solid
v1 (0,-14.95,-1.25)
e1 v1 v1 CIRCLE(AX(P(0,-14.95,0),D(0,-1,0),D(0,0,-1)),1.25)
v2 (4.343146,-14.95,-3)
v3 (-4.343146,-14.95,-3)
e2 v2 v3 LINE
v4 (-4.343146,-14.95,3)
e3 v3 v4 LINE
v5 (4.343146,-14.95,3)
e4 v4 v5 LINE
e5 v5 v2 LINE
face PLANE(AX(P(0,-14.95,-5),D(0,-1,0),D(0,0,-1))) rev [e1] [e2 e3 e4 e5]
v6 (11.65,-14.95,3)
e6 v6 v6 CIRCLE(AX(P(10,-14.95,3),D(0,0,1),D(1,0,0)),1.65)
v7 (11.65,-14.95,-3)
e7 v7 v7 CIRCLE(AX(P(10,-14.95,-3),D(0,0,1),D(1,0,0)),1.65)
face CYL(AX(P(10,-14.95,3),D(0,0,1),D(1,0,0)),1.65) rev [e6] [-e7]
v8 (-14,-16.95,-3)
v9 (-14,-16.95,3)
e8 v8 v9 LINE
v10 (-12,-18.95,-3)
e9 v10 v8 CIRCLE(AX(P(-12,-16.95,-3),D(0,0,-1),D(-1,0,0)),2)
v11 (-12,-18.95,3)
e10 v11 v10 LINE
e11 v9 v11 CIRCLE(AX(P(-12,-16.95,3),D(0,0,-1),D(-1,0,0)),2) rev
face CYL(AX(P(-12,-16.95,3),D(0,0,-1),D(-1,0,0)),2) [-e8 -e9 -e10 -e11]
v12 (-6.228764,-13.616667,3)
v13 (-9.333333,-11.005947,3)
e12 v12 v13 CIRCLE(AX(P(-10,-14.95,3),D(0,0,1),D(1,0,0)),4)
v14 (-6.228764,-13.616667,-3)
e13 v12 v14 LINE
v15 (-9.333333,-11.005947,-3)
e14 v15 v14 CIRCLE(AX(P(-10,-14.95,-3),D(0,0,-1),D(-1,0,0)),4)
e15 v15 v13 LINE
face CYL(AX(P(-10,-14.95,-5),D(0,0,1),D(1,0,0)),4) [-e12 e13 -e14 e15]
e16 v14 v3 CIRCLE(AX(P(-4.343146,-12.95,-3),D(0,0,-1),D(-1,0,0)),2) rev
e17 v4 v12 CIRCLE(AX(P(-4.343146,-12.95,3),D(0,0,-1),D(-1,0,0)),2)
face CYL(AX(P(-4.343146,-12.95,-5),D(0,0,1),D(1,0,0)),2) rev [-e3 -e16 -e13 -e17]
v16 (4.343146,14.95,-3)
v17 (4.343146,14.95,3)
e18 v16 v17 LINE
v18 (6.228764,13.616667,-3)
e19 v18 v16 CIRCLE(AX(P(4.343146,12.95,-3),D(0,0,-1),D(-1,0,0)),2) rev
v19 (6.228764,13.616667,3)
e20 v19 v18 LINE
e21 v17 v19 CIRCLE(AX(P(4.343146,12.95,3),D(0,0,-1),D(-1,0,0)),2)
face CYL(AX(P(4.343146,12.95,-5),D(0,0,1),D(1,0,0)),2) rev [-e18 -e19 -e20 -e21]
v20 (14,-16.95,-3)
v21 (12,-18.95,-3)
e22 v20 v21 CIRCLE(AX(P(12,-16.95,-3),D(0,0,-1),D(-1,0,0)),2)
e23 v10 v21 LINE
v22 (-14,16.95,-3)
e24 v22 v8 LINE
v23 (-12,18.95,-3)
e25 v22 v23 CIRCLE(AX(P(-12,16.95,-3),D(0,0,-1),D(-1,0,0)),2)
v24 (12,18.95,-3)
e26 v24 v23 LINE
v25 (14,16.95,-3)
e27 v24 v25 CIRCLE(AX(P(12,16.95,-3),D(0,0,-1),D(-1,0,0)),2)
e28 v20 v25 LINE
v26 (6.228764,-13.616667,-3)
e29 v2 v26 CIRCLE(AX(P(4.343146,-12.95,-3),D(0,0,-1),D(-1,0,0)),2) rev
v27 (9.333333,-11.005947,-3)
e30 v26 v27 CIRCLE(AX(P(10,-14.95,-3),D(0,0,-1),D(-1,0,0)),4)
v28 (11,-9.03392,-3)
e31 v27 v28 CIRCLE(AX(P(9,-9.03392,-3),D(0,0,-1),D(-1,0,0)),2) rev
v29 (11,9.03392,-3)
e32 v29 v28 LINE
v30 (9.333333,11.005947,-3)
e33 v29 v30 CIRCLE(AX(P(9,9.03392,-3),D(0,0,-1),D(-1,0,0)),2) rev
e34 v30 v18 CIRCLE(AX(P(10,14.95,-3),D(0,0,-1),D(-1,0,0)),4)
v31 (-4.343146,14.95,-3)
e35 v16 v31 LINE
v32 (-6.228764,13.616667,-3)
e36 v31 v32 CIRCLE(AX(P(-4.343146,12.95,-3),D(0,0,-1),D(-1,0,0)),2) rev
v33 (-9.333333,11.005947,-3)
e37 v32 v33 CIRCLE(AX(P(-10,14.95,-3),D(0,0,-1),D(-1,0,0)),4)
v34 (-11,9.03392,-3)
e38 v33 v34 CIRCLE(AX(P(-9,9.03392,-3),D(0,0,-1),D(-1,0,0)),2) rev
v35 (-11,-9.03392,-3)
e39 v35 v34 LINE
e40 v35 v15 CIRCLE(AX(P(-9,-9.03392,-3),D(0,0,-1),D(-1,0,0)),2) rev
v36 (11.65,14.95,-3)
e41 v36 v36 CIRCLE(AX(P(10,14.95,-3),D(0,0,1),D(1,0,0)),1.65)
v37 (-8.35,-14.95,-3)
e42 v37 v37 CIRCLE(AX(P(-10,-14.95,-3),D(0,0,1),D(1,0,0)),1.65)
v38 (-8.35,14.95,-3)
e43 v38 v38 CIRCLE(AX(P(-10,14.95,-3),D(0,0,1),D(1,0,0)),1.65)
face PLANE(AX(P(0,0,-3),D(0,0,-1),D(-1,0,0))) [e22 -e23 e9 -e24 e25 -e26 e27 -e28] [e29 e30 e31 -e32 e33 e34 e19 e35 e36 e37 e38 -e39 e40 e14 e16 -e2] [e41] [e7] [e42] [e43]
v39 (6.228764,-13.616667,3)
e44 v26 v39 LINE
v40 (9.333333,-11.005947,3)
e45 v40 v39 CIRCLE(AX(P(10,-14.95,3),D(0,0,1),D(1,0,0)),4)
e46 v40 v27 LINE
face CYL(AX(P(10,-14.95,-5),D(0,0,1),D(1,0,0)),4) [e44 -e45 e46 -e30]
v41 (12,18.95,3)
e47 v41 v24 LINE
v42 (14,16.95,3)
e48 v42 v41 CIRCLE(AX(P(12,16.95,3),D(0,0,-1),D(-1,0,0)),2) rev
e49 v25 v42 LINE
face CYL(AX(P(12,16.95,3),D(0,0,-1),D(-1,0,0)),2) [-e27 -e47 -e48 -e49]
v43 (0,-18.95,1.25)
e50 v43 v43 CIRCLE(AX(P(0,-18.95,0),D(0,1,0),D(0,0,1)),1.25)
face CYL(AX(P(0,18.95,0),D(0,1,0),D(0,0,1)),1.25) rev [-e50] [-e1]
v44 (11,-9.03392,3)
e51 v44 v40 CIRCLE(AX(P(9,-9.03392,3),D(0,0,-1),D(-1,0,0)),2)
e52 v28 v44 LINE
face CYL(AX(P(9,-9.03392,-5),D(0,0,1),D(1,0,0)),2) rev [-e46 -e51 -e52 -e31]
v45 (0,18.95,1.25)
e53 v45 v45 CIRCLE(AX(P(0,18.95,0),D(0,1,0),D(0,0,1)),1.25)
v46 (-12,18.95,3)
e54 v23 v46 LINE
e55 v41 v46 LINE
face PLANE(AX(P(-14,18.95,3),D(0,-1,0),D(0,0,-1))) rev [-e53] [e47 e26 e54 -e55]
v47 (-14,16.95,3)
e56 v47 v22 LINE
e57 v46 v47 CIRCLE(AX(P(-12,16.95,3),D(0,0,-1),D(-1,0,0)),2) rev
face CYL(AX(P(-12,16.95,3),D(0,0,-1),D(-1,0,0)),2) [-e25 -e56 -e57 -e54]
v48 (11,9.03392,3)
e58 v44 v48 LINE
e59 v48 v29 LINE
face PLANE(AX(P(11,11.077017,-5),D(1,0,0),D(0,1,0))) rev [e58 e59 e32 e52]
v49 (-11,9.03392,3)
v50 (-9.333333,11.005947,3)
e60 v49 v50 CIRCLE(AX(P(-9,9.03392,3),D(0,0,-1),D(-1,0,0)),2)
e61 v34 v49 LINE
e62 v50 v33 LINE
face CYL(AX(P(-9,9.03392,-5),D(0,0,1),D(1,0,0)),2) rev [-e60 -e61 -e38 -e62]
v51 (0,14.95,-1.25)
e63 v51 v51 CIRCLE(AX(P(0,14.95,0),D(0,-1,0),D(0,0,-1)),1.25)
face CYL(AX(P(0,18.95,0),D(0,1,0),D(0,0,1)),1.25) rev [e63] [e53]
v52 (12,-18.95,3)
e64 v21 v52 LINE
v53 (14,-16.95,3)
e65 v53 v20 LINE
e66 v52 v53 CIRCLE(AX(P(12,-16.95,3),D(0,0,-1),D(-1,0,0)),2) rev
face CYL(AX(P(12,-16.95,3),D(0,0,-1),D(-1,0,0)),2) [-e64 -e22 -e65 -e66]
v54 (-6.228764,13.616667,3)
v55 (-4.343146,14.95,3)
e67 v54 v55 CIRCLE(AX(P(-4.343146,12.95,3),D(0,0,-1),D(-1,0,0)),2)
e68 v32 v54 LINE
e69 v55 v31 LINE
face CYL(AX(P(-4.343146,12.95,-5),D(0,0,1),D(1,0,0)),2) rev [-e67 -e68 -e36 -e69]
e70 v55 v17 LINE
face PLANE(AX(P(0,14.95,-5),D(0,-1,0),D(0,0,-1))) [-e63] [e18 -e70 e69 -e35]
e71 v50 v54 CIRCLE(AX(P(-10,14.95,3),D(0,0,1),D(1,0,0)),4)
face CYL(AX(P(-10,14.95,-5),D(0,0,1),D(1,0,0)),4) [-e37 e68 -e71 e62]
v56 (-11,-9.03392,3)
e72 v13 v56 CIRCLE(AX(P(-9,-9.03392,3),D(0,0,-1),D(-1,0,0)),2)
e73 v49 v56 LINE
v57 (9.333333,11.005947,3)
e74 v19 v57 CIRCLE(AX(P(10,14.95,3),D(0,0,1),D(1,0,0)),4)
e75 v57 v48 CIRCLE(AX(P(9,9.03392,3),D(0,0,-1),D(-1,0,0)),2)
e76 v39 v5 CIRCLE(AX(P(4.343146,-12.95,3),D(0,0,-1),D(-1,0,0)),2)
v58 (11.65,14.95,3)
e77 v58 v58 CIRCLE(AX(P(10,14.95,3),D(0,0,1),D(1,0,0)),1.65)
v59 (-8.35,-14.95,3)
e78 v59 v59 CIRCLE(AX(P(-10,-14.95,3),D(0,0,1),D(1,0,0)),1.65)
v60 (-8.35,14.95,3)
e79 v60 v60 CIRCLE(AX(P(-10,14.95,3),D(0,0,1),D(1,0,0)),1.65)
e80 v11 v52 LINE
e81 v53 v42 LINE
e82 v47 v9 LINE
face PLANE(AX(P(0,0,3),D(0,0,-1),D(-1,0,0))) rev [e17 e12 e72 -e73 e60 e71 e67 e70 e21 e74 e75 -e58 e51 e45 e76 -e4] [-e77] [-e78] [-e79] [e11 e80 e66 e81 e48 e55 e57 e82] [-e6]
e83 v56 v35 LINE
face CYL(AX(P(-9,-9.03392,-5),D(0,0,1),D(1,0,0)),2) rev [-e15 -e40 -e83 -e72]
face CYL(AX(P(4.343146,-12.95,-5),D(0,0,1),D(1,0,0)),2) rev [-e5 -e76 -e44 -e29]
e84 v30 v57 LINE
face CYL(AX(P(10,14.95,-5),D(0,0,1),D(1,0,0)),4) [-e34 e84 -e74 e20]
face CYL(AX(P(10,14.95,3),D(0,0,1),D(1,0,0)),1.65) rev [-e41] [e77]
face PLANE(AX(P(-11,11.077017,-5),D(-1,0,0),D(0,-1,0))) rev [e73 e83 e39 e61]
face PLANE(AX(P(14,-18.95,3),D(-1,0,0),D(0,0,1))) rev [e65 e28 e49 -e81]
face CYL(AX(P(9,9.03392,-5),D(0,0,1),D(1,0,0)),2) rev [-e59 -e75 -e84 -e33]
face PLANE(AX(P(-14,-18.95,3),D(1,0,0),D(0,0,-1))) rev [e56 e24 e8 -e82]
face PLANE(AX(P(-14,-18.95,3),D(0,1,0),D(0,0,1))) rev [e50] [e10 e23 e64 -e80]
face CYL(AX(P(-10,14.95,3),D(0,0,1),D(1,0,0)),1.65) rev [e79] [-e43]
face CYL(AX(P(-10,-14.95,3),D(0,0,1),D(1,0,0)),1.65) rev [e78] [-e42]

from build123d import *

# Parameters (mm, degrees)
SKETCH_1_W          = 28
SKETCH_1_H          = 37.9
EXTRUDE_1_DEPTH     = 3
HOLE_WIZARD_M4_1_D  = 3.3
CUT_EXTRUDE_1_DEPTH = 8
FILLET_1_R          = 2
CUT_EXTRUDE_2_DEPTH = 8
FILLET_3_R          = 2
HOLE_WIZARD_M3_1_D  = 2.5


with BuildPart() as part:
    # 草图1 → 凸台-拉伸1 (new, symmetric)
    with BuildSketch(Plane.XY):
        Rectangle(SKETCH_1_W, SKETCH_1_H)
    extrude(amount=EXTRUDE_1_DEPTH, both=True)

    # M4 螺纹孔1 (through all)
    with Locations(Plane.XY.offset(3)):
        with Locations((-10, 14.95), (10, 14.95), (10, -14.95), (-10, -14.95)):
            Hole(HOLE_WIZARD_M4_1_D / 2)

    # 草图5 → 切除-拉伸1 (cut)
    with BuildSketch(Plane.XY.offset(3)):
        with BuildLine():
            ThreePointArc((-10, -10.95), (-7.171572875, -12.121572875), (-6, -14.95))
            Line((-6, -14.95), (6, -14.95))
            ThreePointArc((6, -14.95), (7.171572875, -12.121572875), (10, -10.95))
            Line((10, -10.95), (10, 10.95))
            ThreePointArc((10, 10.95), (7.171572875, 12.121572875), (6, 14.95))
            Line((6, 14.95), (-6, 14.95))
            ThreePointArc((-6, 14.95), (-7.171572875, 12.121572875), (-10, 10.95))
            Line((-10, 10.95), (-10, -10.95))
        make_face()
    extrude(amount=-CUT_EXTRUDE_1_DEPTH, mode=Mode.SUBTRACT)

    # 圆角1
    fillet_1_edges = [part.edges().sort_by_distance(p)[0] for p in [
        (14, -18.95, 0),
        (-14, -18.95, 0),
        (-14, 18.95, 0),
        (14, 18.95, 0),
    ]]
    fillet(fillet_1_edges, radius=FILLET_1_R)

    # 草图6 → 切除-拉伸2 (cut)
    with BuildSketch(Plane.XY.offset(3)):
        with BuildLine():
            Line((-11, 11.077016654), (-11, -11.077016654))
            ThreePointArc((-11, -11.077016654), (-10.50401717, -10.981881215), (-10, -10.95))
            Line((-10, -10.95), (-10, 10.95))
            ThreePointArc((-10, 10.95), (-10.50401717, 10.981881215), (-11, 11.077016654))
        make_face()
        with BuildLine():
            Line((11, 11.077016654), (11, -11.077016654))
            ThreePointArc((11, -11.077016654), (10.50401717, -10.981881215), (10, -10.95))
            Line((10, -10.95), (10, 10.95))
            ThreePointArc((10, 10.95), (10.50401717, 10.981881215), (11, 11.077016654))
        make_face()
    extrude(amount=-CUT_EXTRUDE_2_DEPTH, mode=Mode.SUBTRACT)

    # 圆角3
    fillet_3_edges = [part.edges().sort_by_distance(p)[0] for p in [
        (-11, 11.077016654, 0),
        (-11, -11.077016654, 0),
        (11, 11.077016654, 0),
        (11, -11.077016654, 0),
        (6, -14.95, 0),
        (-6, -14.95, 0),
        (-6, 14.95, 0),
        (6, 14.95, 0),
    ]]
    fillet(fillet_3_edges, radius=FILLET_3_R)

    # M3 螺纹孔1 (through all)
    with Locations(Plane(origin=(0, 18.95, 0), x_dir=(1, 0, 0), z_dir=(0, 1, 0))):
        with Locations((0, 0)):
            Hole(HOLE_WIZARD_M3_1_D / 2)


solid = part.part
